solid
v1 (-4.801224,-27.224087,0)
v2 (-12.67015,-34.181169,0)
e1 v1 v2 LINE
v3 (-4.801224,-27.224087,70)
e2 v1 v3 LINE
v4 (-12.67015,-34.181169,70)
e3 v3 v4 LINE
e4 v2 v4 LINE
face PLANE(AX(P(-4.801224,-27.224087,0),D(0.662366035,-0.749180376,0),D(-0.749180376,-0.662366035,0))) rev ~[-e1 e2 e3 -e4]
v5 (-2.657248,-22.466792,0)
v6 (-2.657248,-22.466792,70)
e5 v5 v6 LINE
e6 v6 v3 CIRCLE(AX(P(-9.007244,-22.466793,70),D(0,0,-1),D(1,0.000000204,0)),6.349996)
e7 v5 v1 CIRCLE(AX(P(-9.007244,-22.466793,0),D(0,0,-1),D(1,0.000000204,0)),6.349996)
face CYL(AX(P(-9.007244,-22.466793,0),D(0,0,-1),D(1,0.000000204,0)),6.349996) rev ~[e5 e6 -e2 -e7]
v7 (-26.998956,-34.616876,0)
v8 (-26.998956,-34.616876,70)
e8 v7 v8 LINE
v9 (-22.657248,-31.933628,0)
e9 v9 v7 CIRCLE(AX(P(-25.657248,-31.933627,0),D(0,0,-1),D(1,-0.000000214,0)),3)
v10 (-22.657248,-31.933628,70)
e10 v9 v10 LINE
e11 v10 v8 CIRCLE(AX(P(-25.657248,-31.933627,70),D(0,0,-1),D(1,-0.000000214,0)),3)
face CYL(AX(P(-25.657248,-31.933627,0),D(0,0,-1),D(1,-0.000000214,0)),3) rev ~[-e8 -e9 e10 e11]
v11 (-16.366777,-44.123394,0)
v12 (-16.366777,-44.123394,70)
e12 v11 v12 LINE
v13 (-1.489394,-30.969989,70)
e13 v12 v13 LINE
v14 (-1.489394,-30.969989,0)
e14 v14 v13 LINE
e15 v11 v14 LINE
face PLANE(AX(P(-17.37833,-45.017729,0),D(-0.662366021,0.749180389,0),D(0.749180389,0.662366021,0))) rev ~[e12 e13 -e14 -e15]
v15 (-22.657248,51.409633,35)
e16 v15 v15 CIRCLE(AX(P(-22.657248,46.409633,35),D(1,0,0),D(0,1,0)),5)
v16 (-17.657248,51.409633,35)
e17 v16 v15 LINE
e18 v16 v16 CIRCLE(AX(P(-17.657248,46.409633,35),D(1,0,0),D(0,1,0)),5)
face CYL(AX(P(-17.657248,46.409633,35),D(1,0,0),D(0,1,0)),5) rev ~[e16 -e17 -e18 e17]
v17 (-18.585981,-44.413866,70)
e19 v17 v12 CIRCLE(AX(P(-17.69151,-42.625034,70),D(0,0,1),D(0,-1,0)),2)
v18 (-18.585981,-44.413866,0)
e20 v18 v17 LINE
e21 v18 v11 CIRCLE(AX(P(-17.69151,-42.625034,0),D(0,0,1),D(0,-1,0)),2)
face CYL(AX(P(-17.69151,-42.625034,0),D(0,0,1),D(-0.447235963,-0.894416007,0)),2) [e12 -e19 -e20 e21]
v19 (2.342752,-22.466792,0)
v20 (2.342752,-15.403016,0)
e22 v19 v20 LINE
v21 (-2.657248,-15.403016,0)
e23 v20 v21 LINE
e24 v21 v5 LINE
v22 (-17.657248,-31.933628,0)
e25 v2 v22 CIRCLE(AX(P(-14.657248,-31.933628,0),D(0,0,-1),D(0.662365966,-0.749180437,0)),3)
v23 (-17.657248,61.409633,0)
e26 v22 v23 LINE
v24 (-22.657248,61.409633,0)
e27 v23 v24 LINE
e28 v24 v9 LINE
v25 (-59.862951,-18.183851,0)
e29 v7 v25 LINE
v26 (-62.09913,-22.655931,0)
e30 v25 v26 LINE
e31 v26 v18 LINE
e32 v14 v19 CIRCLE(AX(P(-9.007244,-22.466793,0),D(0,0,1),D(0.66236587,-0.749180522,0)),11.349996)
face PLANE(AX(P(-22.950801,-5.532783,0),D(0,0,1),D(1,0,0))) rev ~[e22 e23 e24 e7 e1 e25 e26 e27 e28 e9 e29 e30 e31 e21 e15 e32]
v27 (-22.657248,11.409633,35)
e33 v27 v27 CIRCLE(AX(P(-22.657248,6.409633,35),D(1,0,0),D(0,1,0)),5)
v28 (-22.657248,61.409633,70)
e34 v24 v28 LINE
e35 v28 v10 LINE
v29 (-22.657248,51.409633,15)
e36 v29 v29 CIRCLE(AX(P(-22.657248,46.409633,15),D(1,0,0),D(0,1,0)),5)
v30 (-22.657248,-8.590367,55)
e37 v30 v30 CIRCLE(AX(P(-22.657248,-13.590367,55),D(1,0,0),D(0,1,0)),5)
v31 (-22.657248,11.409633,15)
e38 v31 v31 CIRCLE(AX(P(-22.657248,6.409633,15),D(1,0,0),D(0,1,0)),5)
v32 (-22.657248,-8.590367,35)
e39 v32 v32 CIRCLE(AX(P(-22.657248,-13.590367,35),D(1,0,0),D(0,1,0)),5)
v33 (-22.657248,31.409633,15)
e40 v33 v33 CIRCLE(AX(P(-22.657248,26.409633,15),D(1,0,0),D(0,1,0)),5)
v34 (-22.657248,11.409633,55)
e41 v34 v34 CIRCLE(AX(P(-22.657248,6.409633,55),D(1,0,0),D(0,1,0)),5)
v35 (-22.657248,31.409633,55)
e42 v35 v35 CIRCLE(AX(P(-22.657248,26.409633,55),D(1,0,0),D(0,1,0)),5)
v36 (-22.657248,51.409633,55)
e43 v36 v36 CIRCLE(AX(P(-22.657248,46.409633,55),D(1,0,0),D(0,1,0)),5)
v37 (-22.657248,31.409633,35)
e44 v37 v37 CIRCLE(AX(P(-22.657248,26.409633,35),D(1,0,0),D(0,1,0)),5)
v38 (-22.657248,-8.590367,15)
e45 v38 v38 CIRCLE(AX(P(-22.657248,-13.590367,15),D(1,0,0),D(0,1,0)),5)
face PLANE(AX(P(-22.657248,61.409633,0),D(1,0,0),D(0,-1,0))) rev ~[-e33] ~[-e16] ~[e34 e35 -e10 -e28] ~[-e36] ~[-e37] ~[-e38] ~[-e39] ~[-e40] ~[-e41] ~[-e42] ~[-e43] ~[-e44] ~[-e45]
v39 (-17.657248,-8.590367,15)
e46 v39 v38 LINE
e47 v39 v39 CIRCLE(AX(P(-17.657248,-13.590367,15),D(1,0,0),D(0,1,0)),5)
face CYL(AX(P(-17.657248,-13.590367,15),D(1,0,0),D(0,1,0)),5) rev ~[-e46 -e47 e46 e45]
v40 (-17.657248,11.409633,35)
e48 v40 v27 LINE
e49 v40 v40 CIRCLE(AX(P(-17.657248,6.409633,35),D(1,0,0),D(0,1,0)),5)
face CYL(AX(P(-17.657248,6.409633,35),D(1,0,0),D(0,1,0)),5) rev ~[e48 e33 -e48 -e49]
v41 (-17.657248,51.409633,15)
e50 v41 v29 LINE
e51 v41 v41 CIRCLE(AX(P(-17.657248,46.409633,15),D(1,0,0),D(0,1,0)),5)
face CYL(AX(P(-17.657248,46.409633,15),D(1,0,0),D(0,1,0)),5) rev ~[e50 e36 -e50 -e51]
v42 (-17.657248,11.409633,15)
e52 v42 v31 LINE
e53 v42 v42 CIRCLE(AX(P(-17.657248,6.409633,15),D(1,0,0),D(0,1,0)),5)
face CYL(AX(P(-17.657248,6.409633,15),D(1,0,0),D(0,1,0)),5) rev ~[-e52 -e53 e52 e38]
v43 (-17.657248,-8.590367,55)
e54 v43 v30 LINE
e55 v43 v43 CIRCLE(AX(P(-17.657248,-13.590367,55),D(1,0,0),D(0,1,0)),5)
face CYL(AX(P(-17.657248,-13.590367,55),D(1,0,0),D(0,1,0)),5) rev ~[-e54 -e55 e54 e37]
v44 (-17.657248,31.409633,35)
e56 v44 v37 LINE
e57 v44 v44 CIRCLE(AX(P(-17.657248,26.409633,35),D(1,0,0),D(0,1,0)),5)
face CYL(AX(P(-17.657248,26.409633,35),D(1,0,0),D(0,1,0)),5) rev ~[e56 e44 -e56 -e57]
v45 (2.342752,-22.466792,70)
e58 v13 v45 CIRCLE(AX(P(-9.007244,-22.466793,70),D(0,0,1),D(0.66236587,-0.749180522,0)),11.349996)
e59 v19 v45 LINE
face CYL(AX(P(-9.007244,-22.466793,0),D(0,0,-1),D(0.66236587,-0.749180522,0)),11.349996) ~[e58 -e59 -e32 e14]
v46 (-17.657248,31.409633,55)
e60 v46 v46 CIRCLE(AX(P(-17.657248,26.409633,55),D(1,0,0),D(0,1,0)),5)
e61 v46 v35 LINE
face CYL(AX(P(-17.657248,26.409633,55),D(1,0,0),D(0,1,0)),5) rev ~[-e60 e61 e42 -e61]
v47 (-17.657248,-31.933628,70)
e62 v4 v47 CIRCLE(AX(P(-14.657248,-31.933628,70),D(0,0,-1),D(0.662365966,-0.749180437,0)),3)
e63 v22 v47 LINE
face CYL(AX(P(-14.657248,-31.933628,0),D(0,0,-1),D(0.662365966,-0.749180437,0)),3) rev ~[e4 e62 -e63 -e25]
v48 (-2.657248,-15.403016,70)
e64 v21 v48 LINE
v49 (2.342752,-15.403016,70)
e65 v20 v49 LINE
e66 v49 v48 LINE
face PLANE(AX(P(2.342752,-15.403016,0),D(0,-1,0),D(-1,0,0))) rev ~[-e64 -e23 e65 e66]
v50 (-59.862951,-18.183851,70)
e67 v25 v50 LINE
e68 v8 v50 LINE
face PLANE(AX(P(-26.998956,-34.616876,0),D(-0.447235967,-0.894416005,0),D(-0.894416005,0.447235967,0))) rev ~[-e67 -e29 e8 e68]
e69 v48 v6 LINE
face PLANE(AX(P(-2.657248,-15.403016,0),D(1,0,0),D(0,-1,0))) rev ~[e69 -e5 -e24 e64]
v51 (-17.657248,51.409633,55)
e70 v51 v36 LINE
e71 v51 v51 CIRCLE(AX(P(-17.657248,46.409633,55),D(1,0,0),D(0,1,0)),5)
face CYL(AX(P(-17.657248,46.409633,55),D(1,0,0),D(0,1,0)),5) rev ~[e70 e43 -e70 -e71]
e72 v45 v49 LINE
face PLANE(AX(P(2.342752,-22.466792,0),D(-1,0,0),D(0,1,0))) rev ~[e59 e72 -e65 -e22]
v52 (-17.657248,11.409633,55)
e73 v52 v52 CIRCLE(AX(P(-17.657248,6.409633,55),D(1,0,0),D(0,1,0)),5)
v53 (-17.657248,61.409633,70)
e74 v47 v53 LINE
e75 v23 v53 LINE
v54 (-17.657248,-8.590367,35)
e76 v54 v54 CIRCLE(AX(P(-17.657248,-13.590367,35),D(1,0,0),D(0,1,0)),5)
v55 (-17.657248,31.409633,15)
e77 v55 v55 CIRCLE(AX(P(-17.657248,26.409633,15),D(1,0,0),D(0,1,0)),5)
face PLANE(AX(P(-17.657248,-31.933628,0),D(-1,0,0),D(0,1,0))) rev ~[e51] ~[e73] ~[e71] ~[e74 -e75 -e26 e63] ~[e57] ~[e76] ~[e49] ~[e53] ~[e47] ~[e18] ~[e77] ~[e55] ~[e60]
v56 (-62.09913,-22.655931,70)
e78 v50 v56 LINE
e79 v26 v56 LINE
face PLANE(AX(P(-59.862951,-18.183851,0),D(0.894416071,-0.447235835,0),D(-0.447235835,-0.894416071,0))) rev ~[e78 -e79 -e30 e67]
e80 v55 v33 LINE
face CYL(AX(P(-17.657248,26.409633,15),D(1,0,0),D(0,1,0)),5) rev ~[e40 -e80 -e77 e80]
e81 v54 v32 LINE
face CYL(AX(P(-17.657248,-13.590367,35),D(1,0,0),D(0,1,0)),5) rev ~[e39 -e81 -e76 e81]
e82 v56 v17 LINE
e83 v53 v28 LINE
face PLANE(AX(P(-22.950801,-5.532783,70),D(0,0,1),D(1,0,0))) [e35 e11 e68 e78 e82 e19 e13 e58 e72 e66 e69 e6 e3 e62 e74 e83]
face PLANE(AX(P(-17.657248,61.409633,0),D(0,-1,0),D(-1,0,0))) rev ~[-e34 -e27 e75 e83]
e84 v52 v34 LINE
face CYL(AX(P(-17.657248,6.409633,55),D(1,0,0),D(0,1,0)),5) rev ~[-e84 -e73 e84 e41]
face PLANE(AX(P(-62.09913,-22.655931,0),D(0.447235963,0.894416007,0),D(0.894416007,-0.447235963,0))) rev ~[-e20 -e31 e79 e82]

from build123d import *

# Parameters (mm, degrees)
F1_DEPTH = 70
F2_R     = 5
F3_DEPTH = 25
F4_R     = 2


with BuildPart() as f1:
    # F0 (on Top) → F1 (new body)
    with BuildSketch(Plane.XY):
        with BuildLine():
            Line((-17.657248, -31.933628), (-17.657248, 61.409633))
            Line((-17.657248, 61.409633), (-22.657248, 61.409633))
            Line((-22.657248, 61.409633), (-22.657248, -31.933628))
            ThreePointArc((-22.657248, -31.933628), (-24.080087, -34.4856), (-26.998956, -34.616876))
            Line((-26.998956, -34.616876), (-59.862951, -18.183851))
            Line((-59.862951, -18.183851), (-62.09913, -22.655931))
            Line((-62.09913, -22.655931), (-17.37833, -45.017729))
            Line((-17.37833, -45.017729), (-1.489394, -30.969989))
            ThreePointArc((-1.489394, -30.969989), (1.340461, -27.130205), (2.342752, -22.466792))
            Line((2.342752, -22.466792), (2.342752, -15.403016))
            Line((2.342752, -15.403016), (-2.657248, -15.403016))
            Line((-2.657248, -15.403016), (-2.657248, -22.466792))
            ThreePointArc((-2.657248, -22.466792), (-3.218001, -25.075838), (-4.801224, -27.224087))
            Line((-4.801224, -27.224087), (-12.67015, -34.181169))
            ThreePointArc((-12.67015, -34.181169), (-15.889868, -34.668705), (-17.657248, -31.933628))
        make_face()
    extrude(amount=F1_DEPTH)

    # F2 (on face) → F3 (cut)
    with BuildSketch(Plane.YZ.offset(-17.657248)):
        with Locations((46.409633, 55)):
            Circle(F2_R)
        with Locations((46.409633, 35)):
            Circle(F2_R)
        with Locations((46.409633, 15)):
            Circle(F2_R)
        with Locations((26.409633, 55)):
            Circle(F2_R)
        with Locations((26.409633, 35)):
            Circle(F2_R)
        with Locations((26.409633, 15)):
            Circle(F2_R)
        with Locations((6.409633, 55)):
            Circle(F2_R)
        with Locations((6.409633, 35)):
            Circle(F2_R)
        with Locations((6.409633, 15)):
            Circle(F2_R)
        with Locations((-13.590367, 55)):
            Circle(F2_R)
        with Locations((-13.590367, 35)):
            Circle(F2_R)
        with Locations((-13.590367, 15)):
            Circle(F2_R)
    extrude(amount=-F3_DEPTH, mode=Mode.SUBTRACT)

    # F4
    f4_edges = [f1.edges().sort_by_distance(p)[0] for p in [
        (-17.37833, -45.017729, 35),
    ]]
    fillet(f4_edges, radius=F4_R)


solid = f1.part
